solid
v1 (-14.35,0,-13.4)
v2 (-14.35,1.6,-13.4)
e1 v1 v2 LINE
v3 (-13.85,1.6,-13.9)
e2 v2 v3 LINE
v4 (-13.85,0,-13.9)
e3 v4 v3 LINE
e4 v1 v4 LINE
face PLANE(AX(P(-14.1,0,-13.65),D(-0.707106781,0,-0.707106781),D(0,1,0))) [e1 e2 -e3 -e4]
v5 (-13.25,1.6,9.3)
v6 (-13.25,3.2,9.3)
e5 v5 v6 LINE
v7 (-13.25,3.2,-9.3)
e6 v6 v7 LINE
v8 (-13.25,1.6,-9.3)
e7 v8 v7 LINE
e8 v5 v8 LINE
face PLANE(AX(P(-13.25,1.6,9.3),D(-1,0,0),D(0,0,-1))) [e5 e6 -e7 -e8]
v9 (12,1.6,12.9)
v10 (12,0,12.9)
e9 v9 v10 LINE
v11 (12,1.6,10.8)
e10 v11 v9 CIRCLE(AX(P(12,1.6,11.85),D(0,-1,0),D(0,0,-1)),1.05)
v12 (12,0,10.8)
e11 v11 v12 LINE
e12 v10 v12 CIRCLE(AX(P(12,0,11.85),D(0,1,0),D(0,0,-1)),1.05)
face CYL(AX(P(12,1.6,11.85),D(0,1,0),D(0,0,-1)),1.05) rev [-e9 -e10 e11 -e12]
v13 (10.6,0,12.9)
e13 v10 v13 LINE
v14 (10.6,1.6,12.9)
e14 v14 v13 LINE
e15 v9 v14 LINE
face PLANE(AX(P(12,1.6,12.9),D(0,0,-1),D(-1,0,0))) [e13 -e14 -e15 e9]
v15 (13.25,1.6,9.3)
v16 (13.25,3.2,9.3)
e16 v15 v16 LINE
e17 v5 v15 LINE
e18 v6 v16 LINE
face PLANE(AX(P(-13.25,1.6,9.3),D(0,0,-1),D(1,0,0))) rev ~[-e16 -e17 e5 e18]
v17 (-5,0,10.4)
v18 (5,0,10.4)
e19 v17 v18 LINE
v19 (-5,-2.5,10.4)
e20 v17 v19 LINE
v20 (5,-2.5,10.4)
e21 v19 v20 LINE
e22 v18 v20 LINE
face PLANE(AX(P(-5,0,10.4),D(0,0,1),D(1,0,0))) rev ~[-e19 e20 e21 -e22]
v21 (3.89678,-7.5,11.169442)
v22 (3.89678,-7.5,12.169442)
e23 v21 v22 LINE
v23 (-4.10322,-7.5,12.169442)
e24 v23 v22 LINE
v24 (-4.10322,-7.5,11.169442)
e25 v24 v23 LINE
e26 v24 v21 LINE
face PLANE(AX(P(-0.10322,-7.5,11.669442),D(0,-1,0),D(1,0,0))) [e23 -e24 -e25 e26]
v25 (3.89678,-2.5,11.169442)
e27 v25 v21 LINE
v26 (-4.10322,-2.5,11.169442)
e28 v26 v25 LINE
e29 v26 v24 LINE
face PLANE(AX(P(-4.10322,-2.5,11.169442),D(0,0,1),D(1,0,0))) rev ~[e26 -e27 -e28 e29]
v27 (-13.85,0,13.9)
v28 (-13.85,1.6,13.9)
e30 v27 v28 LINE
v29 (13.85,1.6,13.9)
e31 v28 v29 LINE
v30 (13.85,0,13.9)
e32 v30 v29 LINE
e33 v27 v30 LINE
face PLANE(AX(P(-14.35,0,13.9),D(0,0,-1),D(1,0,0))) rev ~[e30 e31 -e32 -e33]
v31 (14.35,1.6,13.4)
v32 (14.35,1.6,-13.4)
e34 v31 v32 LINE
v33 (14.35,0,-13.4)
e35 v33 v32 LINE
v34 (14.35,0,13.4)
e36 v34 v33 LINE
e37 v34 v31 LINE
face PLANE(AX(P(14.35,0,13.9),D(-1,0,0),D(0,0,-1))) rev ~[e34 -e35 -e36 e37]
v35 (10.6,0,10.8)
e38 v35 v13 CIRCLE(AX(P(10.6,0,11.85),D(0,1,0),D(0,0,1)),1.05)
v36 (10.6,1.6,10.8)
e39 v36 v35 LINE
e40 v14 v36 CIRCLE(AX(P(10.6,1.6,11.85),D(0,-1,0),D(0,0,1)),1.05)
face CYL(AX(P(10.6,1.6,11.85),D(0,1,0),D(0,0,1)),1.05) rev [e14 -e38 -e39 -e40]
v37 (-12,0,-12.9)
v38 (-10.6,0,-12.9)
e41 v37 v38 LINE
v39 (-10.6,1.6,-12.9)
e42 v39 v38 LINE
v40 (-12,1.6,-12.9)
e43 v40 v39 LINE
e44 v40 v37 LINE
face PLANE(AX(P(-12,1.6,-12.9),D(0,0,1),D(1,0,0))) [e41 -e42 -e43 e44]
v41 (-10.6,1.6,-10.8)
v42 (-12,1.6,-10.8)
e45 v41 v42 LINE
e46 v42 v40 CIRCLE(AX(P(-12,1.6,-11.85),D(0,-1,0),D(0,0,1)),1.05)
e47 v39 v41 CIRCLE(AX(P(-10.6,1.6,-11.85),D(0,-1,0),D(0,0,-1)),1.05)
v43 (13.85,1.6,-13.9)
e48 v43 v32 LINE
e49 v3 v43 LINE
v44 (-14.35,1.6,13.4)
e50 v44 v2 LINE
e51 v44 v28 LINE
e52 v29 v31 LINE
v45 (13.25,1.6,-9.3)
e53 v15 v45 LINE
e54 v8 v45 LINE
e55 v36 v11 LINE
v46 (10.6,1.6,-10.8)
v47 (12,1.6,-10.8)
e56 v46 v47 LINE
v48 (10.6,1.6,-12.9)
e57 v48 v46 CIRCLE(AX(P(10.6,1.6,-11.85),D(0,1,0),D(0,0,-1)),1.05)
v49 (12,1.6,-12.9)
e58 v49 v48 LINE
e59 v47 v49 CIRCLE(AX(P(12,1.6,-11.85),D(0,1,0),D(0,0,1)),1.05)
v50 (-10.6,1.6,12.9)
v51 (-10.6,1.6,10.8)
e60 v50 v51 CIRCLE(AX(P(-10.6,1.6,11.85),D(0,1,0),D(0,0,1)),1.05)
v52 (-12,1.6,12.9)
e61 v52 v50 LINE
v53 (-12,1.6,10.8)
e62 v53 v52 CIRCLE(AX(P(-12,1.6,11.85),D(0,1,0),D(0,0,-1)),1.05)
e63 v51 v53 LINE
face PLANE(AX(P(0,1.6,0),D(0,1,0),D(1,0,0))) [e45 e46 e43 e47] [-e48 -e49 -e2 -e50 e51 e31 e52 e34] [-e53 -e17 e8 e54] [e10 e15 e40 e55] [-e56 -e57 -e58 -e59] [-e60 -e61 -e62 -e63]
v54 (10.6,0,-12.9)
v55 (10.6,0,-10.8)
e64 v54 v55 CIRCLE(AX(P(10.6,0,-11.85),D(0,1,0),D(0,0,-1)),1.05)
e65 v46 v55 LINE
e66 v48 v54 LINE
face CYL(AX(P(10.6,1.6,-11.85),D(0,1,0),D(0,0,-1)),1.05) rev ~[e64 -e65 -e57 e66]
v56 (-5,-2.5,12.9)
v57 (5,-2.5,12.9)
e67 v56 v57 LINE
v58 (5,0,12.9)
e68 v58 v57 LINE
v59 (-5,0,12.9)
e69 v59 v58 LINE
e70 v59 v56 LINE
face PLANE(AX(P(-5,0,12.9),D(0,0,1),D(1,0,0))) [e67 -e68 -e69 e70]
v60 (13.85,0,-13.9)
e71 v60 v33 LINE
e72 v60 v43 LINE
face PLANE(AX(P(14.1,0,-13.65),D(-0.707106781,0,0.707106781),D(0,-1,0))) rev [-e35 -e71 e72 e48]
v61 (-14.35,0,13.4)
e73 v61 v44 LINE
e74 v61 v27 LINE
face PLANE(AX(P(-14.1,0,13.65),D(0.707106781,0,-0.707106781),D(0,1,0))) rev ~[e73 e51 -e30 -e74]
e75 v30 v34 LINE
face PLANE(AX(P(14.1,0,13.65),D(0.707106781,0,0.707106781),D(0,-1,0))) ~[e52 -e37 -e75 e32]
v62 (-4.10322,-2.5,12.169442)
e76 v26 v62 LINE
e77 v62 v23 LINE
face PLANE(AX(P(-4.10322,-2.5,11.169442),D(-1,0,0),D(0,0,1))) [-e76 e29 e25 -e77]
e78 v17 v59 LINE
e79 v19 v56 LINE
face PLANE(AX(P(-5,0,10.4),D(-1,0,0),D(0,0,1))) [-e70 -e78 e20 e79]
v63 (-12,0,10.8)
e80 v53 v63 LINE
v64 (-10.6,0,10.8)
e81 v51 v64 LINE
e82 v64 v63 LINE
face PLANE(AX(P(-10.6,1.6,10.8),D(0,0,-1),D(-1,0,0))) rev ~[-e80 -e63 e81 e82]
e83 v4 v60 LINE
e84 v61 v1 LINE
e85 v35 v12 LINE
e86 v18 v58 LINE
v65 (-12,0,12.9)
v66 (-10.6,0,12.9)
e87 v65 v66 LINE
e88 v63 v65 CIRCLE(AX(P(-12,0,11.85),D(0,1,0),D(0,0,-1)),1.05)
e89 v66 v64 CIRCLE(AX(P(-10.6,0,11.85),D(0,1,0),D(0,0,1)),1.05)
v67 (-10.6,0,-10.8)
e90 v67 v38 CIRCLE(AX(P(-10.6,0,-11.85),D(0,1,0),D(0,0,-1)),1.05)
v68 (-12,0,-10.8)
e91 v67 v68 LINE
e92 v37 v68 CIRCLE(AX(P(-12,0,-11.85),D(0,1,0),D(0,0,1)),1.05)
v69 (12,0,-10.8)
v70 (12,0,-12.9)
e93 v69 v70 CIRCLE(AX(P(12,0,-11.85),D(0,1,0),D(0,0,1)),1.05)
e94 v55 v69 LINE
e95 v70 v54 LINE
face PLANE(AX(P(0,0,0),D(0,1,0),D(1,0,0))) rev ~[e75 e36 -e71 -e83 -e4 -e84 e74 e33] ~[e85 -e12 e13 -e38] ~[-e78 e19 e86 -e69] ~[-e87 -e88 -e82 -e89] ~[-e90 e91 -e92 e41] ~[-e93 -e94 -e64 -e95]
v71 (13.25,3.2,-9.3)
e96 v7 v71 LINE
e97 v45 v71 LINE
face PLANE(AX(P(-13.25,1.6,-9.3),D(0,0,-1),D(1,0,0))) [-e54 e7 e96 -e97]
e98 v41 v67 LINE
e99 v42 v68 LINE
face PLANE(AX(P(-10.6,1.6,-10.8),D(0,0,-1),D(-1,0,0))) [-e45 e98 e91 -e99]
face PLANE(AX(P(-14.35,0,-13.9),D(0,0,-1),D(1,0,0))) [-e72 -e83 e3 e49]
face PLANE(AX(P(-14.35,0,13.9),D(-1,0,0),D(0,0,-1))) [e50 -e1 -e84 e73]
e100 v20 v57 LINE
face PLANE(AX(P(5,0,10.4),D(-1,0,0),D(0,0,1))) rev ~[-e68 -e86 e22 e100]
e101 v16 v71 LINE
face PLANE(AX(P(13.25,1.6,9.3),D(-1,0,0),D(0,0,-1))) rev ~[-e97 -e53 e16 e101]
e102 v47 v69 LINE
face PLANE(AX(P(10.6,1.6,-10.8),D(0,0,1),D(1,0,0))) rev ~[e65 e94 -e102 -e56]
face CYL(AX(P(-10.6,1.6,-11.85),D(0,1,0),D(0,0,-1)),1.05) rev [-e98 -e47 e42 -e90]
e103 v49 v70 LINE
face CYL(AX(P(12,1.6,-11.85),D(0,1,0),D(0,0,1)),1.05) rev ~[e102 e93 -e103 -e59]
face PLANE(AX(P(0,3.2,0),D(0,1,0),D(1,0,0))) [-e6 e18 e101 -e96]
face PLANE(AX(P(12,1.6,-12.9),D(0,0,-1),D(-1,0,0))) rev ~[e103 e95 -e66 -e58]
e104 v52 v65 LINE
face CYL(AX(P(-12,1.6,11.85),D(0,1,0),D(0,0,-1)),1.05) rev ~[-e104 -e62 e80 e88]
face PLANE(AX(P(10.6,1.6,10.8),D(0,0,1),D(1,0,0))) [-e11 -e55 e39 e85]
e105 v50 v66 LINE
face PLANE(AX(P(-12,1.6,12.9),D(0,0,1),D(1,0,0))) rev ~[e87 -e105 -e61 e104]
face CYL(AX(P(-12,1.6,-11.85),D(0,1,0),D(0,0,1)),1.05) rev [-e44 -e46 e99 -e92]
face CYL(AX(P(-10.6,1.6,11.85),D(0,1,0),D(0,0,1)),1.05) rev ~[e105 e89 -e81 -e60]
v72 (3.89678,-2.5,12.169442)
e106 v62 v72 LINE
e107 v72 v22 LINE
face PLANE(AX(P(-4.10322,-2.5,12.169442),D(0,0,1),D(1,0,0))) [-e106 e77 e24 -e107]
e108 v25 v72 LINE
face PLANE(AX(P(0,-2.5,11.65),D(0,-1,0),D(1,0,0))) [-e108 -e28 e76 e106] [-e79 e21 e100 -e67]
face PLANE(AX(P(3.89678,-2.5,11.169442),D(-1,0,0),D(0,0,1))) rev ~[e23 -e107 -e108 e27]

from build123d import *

# Parameters (mm, degrees)
SKETCH_1_W          = 28.7
SKETCH_1_H          = 27.8
EXTRUDE_1_DEPTH     = 1.6
SKETCH_2_W          = 26.5
SKETCH_2_H          = 18.6
EXTRUDE_2_DEPTH     = 1.6
CUT_EXTRUDE_1_DEPTH = 21.042267836
CHAMFER_1_SIZE      = 0.5
SKETCH_4_W          = 10
SKETCH_4_H          = 2.5
EXTRUDE_3_DEPTH     = 2.5
SKETCH_5_W          = 8
SKETCH_5_H          = 1
EXTRUDE_4_DEPTH     = 5


with BuildPart() as part:
    # 草图1 → 凸台-拉伸1 (new body)
    with BuildSketch(Plane(origin=(0, 0, 0), x_dir=(1, 0, 0), z_dir=(0, 1, 0))):
        Rectangle(SKETCH_1_W, SKETCH_1_H)
    extrude(amount=EXTRUDE_1_DEPTH)

    # 草图2 → 凸台-拉伸2 (add)
    with BuildSketch(Plane(origin=(0, 1.6, 0), x_dir=(1, 0, 0), z_dir=(0, 1, 0))):
        Rectangle(SKETCH_2_W, SKETCH_2_H)
    extrude(amount=EXTRUDE_2_DEPTH)

    # 草图3 → 切除-拉伸1 (cut, through all)
    with BuildSketch(Plane(origin=(0, 1.6, 0), x_dir=(1, 0, 0), z_dir=(0, 1, 0))):
        with BuildLine():
            Line((-12, 12.9), (-10.6, 12.9))
            ThreePointArc((-10.6, 12.9), (-9.55, 11.85), (-10.6, 10.8))
            Line((-10.6, 10.8), (-12, 10.8))
            ThreePointArc((-12, 10.8), (-13.05, 11.85), (-12, 12.9))
        make_face()
        with BuildLine():
            Line((12, 12.9), (10.6, 12.9))
            ThreePointArc((10.6, 12.9), (9.55, 11.85), (10.6, 10.8))
            Line((10.6, 10.8), (12, 10.8))
            ThreePointArc((12, 10.8), (13.05, 11.85), (12, 12.9))
        make_face()
        with BuildLine():
            Line((12, -12.9), (10.6, -12.9))
            ThreePointArc((10.6, -12.9), (9.55, -11.85), (10.6, -10.8))
            Line((10.6, -10.8), (12, -10.8))
            ThreePointArc((12, -10.8), (13.05, -11.85), (12, -12.9))
        make_face()
        with BuildLine():
            Line((-12, -12.9), (-10.6, -12.9))
            ThreePointArc((-10.6, -12.9), (-9.55, -11.85), (-10.6, -10.8))
            Line((-10.6, -10.8), (-12, -10.8))
            ThreePointArc((-12, -10.8), (-13.05, -11.85), (-12, -12.9))
        make_face()
    extrude(amount=-CUT_EXTRUDE_1_DEPTH, mode=Mode.SUBTRACT)

    # 倒角1
    chamfer_1_edges = [part.edges().sort_by_distance(p)[0] for p in [
        (14.35, 0.8, 13.9),
        (-14.35, 0.8, 13.9),
        (-14.35, 0.8, -13.9),
        (14.35, 0.8, -13.9),
    ]]
    chamfer(chamfer_1_edges, length=CHAMFER_1_SIZE)

    # 草图4 → 凸台-拉伸3 (add)
    with BuildSketch(Plane.XZ):
        with Locations((0, 11.65)):
            Rectangle(SKETCH_4_W, SKETCH_4_H)
    extrude(amount=EXTRUDE_3_DEPTH)

    # 草图5 → 凸台-拉伸4 (add)
    with BuildSketch(Plane.XZ.offset(2.5)):
        with Locations((-0.103219582, 11.669441564)):
            Rectangle(SKETCH_5_W, SKETCH_5_H)
    extrude(amount=EXTRUDE_4_DEPTH)


solid = part.part
